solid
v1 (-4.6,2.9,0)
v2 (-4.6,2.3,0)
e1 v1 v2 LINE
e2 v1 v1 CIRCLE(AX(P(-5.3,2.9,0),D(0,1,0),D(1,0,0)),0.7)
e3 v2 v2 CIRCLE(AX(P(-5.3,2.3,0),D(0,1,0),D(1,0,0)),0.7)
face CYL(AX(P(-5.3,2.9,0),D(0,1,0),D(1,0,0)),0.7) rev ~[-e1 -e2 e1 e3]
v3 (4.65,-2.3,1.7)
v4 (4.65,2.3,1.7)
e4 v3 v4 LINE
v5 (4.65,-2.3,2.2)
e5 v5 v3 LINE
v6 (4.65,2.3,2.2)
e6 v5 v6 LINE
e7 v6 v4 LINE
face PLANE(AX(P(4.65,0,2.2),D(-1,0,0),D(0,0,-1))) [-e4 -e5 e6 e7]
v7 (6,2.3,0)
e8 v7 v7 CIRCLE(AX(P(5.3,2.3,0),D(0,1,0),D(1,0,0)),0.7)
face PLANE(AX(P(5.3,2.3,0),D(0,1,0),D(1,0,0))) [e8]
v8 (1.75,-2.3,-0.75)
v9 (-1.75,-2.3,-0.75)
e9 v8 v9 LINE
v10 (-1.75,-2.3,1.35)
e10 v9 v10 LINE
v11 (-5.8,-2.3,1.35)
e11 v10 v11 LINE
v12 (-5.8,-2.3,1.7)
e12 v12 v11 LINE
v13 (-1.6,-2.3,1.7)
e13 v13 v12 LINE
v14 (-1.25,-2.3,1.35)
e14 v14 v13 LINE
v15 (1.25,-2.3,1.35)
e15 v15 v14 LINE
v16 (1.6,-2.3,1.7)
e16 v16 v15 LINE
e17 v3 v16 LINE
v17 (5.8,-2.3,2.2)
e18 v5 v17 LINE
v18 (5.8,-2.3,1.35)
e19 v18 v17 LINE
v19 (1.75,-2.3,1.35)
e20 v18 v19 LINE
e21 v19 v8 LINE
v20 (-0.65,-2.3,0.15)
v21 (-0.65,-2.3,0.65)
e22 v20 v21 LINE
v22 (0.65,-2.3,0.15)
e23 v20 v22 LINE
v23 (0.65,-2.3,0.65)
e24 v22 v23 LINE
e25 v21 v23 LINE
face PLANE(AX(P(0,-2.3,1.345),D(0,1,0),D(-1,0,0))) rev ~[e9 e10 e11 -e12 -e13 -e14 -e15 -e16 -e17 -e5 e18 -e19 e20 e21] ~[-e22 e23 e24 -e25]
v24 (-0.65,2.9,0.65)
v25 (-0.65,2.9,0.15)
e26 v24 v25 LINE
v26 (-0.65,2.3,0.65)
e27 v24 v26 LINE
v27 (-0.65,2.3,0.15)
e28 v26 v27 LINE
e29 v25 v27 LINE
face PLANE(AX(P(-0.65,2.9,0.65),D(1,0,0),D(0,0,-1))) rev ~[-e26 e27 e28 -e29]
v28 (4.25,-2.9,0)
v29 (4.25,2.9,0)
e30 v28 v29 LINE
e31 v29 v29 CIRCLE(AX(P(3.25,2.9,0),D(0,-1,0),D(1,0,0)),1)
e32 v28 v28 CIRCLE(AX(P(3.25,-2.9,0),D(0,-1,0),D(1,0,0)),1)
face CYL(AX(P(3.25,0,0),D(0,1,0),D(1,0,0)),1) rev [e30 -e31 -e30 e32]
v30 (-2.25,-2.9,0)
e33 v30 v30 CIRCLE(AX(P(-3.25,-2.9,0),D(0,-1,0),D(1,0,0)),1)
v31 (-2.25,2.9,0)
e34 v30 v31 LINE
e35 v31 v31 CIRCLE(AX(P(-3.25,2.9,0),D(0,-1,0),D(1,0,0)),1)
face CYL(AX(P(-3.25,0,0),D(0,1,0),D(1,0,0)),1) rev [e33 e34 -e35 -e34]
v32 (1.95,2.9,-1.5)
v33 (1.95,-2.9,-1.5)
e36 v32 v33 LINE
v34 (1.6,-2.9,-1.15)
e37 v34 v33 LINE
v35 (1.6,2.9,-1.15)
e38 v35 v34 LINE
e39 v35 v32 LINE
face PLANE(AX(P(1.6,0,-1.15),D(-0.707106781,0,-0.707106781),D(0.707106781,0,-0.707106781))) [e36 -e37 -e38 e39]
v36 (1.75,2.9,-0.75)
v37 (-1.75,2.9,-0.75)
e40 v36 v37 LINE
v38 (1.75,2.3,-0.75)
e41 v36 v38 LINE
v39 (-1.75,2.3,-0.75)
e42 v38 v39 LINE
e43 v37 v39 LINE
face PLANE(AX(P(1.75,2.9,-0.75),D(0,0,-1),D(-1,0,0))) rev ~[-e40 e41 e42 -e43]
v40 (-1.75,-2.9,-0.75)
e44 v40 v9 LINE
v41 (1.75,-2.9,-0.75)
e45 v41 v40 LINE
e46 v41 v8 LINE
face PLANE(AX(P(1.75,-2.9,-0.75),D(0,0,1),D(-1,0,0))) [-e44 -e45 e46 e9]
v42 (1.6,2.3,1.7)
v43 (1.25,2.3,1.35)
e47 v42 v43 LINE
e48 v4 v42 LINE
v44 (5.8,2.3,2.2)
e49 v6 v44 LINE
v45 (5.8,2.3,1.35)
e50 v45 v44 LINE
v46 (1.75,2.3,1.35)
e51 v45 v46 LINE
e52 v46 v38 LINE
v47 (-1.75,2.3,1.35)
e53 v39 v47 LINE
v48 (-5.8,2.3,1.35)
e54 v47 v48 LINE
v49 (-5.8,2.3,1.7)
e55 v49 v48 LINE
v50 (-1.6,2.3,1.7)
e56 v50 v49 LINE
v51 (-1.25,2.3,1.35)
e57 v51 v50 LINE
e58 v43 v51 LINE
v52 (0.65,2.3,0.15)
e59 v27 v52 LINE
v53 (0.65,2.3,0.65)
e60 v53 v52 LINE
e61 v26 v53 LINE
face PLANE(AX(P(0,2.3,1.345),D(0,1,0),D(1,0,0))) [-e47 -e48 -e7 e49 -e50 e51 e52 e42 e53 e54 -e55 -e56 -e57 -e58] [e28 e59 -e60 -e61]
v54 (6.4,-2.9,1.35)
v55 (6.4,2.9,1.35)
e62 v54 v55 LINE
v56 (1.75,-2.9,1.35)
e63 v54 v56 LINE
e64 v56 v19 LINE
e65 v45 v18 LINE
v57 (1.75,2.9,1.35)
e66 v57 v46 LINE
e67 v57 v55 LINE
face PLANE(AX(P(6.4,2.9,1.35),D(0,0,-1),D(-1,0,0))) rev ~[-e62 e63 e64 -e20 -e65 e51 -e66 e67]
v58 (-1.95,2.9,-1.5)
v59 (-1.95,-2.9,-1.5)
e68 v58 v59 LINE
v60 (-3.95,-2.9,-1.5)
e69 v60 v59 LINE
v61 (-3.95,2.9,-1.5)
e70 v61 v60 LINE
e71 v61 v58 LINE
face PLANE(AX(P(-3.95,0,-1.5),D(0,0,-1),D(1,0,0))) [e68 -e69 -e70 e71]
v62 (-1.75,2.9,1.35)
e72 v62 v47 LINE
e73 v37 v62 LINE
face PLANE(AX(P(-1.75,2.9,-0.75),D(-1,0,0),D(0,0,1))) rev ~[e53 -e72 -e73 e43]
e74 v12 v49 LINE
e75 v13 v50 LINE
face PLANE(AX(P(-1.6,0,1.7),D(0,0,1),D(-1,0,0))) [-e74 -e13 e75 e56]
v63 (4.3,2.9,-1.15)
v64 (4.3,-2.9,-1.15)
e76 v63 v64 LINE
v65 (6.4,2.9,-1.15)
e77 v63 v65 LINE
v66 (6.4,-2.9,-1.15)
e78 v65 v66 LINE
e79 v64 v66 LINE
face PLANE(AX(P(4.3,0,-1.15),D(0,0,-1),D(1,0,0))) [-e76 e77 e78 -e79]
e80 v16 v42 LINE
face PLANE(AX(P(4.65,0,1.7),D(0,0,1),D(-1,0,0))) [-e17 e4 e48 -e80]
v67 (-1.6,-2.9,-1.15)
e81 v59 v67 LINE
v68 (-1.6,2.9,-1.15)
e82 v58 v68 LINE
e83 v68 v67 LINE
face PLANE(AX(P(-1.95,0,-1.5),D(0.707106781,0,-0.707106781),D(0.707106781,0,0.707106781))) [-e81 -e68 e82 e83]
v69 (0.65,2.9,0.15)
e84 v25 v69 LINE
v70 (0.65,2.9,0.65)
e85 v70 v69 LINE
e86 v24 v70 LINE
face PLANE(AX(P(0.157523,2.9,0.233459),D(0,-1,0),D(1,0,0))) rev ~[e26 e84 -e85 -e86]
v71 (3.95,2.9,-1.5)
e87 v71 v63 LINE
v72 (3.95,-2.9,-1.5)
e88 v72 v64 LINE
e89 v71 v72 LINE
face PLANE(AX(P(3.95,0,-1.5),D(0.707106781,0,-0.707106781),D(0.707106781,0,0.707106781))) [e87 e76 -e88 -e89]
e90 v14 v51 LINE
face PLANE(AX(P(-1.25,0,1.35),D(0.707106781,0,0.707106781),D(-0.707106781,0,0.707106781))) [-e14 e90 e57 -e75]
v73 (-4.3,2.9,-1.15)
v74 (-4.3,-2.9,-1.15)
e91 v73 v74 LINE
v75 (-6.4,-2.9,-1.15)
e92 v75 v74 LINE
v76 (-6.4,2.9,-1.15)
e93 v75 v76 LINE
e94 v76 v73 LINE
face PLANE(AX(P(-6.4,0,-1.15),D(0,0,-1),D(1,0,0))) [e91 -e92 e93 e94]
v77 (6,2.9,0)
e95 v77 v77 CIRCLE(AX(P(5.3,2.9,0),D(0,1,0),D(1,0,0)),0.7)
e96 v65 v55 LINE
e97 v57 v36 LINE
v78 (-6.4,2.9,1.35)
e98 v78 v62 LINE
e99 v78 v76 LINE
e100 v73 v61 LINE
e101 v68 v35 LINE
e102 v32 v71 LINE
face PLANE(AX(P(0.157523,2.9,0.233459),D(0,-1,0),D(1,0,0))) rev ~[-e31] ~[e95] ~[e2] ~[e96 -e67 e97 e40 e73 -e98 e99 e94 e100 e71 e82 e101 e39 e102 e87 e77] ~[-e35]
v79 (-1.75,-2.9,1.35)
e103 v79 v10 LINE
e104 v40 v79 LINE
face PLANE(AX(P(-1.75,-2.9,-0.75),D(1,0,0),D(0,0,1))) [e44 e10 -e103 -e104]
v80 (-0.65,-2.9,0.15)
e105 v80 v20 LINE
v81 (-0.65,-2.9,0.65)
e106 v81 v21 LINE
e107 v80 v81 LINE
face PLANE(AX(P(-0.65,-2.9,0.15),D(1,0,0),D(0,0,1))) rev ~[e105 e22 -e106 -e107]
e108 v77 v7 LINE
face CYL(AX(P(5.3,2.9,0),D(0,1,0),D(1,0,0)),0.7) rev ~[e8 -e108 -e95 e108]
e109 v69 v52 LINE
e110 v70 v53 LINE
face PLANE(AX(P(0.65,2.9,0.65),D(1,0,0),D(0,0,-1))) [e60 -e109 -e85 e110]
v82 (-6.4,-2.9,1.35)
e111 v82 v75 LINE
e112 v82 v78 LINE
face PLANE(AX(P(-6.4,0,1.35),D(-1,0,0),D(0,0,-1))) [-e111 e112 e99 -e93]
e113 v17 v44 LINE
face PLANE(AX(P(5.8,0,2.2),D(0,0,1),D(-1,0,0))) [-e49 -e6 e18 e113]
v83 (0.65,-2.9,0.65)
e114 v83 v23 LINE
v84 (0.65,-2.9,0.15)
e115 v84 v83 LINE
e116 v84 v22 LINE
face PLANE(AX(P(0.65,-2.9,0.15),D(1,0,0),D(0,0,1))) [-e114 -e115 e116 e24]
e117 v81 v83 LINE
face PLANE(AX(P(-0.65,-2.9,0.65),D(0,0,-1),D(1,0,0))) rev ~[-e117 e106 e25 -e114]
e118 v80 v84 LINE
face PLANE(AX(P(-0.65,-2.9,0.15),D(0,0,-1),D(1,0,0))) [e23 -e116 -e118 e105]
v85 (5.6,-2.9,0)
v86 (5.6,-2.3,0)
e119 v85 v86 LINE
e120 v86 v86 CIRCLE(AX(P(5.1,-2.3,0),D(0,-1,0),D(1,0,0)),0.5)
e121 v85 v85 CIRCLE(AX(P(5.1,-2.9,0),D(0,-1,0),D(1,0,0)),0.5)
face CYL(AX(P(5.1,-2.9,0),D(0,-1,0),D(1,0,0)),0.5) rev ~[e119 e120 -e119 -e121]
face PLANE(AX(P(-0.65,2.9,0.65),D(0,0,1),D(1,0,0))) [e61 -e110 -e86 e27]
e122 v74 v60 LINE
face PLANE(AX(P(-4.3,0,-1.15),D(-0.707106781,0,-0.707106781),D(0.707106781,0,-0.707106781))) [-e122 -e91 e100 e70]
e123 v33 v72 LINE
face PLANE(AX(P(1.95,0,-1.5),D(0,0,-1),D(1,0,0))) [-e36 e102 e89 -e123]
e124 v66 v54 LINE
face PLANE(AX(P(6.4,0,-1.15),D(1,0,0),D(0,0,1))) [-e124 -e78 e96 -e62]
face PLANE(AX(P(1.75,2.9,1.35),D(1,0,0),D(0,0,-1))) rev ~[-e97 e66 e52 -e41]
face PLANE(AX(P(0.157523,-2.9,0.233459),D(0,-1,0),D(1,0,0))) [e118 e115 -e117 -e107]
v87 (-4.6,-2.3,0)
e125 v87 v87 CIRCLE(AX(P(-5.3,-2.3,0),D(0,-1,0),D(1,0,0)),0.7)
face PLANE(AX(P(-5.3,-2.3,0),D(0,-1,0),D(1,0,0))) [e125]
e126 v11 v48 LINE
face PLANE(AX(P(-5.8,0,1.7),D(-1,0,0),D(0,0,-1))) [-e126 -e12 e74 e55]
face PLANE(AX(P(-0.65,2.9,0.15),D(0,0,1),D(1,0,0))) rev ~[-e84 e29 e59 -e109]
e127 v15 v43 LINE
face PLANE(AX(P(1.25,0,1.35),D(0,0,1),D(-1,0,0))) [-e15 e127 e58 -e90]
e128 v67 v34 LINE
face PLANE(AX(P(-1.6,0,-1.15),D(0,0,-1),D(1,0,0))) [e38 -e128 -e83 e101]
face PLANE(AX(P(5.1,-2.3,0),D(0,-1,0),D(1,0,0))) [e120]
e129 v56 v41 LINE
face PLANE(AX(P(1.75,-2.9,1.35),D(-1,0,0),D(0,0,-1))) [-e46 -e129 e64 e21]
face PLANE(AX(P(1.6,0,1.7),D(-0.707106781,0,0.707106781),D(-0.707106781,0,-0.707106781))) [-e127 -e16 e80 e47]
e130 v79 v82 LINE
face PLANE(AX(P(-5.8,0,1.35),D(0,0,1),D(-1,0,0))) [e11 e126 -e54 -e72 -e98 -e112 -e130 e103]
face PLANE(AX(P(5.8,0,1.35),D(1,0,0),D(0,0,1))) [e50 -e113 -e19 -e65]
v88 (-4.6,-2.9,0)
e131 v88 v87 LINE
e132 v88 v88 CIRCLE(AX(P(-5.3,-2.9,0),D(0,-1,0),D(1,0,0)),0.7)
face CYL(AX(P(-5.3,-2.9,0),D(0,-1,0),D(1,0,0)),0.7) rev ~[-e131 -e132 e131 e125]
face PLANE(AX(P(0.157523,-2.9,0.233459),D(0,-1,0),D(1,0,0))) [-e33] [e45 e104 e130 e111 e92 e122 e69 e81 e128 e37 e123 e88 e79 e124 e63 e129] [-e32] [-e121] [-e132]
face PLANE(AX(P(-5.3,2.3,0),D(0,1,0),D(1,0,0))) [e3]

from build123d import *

# Parameters (mm, degrees)
SKETCH022_R     = 1
PAD022_DEPTH    = 2.9
SKETCH026_R     = 0.7
SKETCH026_R_2   = 0.5
SKETCH026_W     = 1.3
SKETCH026_H     = 0.5
POCKET009_DEPTH = 0.6
SKETCH027_R     = 0.7
SKETCH027_W     = 1.3
SKETCH027_H     = 0.5
POCKET010_DEPTH = 0.6


with BuildPart() as part:
    # Sketch022 → Pad022 (new body, symmetric)
    with BuildSketch(Plane.XZ):
        Polygon((-6.4, -1.15), (-4.3, -1.15), (-3.95, -1.5), (-1.95, -1.5), (-1.6, -1.15), (1.6, -1.15), (1.95, -1.5), (3.95, -1.5), (4.3, -1.15), (6.4, -1.15), (6.4, 1.35), (5.8, 1.35), (5.8, 2.2), (4.65, 2.2), (4.65, 1.7), (1.6, 1.7), (1.25, 1.35), (-1.25, 1.35), (-1.6, 1.7), (-5.8, 1.7), (-5.8, 1.35), (-6.4, 1.35), align=None)
        with Locations((-3.25, 0)):
            Circle(SKETCH022_R, mode=Mode.SUBTRACT)
        with Locations((3.25, 0)):
            Circle(SKETCH022_R, mode=Mode.SUBTRACT)
    extrude(amount=PAD022_DEPTH, both=True)

    # Sketch026 (on Face26 of Pad022) → Pocket009 (cut)
    with BuildSketch(Plane.XZ.offset(2.9)):
        with Locations((-5.3, 0)):
            Circle(SKETCH026_R)
        with Locations((5.1, 0)):
            Circle(SKETCH026_R_2)
        Polygon((1.75, 1.35), (1.75, -0.75), (-1.75, -0.75), (-1.75, 1.35), (-6.4, 1.35), (-6.4, 2.2), (6.4, 2.2), (6.4, 1.35), align=None)
        with Locations((0, 0.4)):
            Rectangle(SKETCH026_W, SKETCH026_H, mode=Mode.SUBTRACT)
    extrude(amount=-POCKET009_DEPTH, mode=Mode.SUBTRACT)

    # Sketch027 (on Face4 of Pocket009) → Pocket010 (cut)
    with BuildSketch(Plane(origin=(0, 2.9, 0), x_dir=(1, 0, 0), z_dir=(0, 1, 0))):
        with Locations((5.3, 0)):
            Circle(SKETCH027_R)
        with Locations((-5.3, 0)):
            Circle(SKETCH027_R)
        Polygon((1.75, 0.75), (-1.75, 0.75), (-1.75, -1.35), (-6.4, -1.35), (-6.4, -2.2), (6.4, -2.2), (6.4, -1.35), (1.75, -1.35), align=None)
        with Locations((0, -0.4)):
            Rectangle(SKETCH027_W, SKETCH027_H, mode=Mode.SUBTRACT)
    extrude(amount=-POCKET010_DEPTH, mode=Mode.SUBTRACT)


solid = part.part
